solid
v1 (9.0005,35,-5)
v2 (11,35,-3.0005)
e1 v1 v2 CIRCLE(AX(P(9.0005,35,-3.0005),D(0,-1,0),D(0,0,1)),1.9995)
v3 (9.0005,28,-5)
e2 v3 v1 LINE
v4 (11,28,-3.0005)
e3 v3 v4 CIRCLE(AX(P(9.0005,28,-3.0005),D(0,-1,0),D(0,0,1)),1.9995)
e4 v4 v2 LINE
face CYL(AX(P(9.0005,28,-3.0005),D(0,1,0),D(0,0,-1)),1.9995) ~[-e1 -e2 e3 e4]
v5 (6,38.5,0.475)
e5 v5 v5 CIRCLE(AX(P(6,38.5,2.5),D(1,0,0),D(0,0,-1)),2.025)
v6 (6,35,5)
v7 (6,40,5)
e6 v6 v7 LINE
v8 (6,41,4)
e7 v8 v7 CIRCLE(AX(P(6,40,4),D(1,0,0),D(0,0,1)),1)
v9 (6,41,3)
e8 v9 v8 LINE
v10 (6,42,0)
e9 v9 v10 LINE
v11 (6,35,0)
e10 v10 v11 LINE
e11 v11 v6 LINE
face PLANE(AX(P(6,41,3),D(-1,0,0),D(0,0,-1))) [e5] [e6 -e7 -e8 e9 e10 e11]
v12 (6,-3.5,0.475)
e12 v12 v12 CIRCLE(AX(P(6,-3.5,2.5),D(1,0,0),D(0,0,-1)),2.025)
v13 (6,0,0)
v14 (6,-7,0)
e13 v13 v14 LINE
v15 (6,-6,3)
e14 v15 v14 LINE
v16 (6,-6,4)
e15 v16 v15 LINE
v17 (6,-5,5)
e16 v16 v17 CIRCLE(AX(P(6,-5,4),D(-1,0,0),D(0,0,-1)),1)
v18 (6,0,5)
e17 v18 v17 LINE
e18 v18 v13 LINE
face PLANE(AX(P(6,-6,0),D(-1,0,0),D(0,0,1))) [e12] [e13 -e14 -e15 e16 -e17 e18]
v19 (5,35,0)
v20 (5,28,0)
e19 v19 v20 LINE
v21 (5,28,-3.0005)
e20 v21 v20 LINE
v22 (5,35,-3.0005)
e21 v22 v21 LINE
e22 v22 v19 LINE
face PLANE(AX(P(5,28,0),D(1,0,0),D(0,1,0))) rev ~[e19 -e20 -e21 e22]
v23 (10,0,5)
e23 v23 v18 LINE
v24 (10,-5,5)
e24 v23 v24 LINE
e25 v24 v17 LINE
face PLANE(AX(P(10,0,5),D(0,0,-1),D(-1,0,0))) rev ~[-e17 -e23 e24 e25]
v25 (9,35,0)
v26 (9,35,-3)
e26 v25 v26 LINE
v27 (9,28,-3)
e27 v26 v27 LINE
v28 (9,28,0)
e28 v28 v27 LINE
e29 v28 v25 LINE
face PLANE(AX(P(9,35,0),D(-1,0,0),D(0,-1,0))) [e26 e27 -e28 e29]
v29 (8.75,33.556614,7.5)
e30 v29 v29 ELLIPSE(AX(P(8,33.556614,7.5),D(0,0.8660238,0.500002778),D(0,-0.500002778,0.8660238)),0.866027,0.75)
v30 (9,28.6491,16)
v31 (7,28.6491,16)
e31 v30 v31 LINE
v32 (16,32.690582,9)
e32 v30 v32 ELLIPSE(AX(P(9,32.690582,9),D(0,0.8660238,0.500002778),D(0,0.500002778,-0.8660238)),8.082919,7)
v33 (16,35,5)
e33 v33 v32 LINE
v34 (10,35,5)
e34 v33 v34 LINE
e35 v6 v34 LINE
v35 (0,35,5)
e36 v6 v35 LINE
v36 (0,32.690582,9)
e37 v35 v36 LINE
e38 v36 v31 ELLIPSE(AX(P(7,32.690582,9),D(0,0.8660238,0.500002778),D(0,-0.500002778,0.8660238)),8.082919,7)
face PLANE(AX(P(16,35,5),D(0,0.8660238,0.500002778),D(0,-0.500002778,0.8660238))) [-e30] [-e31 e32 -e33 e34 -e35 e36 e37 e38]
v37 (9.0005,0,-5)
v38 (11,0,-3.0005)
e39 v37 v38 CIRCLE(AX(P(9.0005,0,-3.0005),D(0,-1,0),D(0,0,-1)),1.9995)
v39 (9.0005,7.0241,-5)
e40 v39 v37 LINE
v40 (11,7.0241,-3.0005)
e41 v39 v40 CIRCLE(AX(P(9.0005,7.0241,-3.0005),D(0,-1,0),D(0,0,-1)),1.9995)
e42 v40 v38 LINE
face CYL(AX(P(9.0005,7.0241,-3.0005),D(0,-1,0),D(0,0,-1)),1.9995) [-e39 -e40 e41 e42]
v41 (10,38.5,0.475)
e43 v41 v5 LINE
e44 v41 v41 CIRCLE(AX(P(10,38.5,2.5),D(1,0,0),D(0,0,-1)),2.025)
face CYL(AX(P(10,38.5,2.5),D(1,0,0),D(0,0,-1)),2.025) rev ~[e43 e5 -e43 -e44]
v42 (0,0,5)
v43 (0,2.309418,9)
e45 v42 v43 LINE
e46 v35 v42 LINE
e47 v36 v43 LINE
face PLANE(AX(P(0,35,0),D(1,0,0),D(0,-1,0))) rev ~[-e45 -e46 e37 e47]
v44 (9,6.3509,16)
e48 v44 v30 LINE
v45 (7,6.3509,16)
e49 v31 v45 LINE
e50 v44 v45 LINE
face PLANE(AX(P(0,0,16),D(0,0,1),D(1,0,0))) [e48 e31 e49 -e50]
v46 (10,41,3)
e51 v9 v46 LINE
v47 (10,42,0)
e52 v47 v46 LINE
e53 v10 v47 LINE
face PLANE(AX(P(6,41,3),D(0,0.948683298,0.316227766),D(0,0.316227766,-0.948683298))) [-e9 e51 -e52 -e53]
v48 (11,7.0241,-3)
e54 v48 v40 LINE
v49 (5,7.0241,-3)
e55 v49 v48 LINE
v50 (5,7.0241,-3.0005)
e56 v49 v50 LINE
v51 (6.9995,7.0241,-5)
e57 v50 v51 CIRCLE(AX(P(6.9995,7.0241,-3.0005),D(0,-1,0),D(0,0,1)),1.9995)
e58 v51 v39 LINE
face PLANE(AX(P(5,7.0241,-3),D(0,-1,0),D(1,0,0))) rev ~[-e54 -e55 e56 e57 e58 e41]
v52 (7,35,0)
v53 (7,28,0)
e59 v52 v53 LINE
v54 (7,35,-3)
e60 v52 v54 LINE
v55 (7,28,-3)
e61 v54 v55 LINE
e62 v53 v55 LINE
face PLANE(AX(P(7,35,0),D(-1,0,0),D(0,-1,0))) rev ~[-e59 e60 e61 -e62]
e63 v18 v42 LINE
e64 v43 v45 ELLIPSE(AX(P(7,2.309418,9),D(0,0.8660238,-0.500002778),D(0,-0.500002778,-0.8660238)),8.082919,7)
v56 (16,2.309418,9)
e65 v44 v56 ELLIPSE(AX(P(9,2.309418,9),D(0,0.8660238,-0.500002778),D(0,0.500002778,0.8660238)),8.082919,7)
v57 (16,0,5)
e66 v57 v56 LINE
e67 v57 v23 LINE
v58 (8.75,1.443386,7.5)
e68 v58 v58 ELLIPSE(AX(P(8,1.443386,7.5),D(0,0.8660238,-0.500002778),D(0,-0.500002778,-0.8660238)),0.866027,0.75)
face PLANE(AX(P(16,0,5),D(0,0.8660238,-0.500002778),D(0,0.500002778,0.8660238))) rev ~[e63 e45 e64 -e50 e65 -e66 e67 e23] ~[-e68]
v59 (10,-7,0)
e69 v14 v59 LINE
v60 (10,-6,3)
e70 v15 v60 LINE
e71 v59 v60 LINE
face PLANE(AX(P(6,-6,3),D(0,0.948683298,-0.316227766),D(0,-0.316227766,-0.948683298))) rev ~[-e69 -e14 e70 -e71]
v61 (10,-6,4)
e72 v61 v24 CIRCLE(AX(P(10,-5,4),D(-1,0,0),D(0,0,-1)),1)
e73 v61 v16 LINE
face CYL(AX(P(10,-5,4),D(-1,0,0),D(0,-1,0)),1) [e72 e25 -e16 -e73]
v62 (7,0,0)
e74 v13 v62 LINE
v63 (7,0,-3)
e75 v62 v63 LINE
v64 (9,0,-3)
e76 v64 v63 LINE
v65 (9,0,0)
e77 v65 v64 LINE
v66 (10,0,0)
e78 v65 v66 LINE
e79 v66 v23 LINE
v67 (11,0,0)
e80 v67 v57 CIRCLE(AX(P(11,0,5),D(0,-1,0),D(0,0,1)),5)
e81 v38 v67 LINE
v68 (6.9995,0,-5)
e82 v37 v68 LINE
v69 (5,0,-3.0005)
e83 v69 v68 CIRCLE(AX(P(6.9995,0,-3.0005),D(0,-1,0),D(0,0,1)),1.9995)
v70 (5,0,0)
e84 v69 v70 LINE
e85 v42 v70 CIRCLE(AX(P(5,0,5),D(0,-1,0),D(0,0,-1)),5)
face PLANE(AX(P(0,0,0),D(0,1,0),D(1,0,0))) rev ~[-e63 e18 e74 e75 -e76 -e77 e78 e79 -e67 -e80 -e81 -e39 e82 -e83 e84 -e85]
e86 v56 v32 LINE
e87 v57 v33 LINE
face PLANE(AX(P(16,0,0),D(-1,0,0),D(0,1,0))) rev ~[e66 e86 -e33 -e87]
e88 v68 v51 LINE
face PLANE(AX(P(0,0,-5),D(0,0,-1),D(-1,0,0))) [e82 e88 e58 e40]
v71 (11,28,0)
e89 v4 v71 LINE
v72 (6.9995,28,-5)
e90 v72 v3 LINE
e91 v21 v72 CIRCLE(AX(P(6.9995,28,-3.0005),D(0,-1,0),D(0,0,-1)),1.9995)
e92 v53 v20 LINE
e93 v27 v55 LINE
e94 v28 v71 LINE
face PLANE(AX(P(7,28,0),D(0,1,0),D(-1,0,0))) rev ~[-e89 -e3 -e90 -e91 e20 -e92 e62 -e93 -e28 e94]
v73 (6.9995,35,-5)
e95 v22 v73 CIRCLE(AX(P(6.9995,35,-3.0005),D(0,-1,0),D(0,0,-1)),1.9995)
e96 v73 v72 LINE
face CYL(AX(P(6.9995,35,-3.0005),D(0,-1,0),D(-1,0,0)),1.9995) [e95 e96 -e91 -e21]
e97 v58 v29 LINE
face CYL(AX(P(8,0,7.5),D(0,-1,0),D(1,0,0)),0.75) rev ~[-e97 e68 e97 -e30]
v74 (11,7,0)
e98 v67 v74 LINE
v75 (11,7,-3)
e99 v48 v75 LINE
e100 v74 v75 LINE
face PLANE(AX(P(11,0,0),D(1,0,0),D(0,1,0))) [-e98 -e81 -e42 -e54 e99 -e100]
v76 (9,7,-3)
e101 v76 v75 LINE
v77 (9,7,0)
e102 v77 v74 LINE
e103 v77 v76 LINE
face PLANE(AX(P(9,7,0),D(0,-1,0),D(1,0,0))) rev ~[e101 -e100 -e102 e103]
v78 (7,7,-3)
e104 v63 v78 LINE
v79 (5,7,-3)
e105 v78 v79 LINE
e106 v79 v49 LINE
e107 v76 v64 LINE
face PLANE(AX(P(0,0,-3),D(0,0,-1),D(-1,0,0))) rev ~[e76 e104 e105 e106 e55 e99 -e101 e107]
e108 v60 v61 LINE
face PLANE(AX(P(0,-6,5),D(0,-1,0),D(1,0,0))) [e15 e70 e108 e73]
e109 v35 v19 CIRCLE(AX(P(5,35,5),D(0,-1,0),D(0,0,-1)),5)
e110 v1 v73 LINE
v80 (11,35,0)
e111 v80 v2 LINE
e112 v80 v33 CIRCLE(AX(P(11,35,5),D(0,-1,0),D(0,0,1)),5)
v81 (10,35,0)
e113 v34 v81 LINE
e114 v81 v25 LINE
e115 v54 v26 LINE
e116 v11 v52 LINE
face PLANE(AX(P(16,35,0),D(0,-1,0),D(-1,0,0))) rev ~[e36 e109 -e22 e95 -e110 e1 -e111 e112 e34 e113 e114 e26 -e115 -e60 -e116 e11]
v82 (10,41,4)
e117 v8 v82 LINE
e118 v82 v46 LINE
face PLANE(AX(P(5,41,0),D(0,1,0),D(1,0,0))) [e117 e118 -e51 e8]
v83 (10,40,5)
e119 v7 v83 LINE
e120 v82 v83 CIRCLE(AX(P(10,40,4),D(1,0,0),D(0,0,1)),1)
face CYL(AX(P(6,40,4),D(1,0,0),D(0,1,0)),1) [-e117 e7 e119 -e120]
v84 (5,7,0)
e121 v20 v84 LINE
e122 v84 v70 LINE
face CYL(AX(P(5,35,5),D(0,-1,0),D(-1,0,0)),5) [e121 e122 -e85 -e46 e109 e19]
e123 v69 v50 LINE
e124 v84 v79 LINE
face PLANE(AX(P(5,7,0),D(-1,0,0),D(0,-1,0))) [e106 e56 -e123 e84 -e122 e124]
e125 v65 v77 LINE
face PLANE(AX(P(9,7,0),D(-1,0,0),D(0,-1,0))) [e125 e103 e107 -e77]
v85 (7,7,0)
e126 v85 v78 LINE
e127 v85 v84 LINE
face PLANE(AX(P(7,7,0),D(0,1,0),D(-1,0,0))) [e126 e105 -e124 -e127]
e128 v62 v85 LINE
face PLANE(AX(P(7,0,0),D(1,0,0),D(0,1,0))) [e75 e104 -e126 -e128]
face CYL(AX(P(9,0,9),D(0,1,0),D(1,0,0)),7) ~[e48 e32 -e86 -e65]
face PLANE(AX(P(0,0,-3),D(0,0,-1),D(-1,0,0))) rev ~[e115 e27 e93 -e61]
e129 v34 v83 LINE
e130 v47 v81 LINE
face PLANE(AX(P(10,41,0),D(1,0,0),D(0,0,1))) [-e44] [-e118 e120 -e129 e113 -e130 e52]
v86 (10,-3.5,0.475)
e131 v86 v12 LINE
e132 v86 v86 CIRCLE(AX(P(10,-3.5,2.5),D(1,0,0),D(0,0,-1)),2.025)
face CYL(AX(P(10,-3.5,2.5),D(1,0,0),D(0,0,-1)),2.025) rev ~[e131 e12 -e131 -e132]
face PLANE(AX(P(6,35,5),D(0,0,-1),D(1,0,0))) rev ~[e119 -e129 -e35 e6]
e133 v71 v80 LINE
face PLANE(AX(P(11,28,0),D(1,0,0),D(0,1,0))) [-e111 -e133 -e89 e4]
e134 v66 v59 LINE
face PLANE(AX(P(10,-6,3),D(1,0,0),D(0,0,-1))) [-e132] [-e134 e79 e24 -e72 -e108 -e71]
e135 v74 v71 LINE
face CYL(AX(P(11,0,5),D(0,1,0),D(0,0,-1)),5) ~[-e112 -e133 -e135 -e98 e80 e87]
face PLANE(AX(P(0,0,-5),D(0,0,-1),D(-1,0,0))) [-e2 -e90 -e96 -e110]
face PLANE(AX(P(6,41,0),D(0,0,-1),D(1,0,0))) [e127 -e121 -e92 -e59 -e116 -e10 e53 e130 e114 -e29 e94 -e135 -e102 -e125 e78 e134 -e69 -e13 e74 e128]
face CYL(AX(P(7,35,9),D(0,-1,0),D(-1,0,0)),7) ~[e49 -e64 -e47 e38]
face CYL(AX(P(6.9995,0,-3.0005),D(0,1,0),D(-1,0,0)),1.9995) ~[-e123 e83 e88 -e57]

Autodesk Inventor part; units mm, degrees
ref_plane "YZ Plane" through (0, 0, 0) normal (1, 0, 0) x (0, 1, 0)
ref_plane "XZ Plane" through (0, 0, 0) normal (0, 1, 0) x (-1, 0, 0)
ref_plane "XY Plane" through (0, 0, 0) normal (0, 0, 1) x (1, 0, 0)
sketch "Sketch3" plane through (0, 0, 0) normal (0, 0, 1) x (1, 0, 0)
  line L0 (0, 0) -> (16, 0)
  line L1 (16, 0) -> (16, 35)
  line L2 (16, 35) -> (0, 35)
  line L3 (0, 35) -> (0, 0)
  dimension "d0" = 16
  dimension "d1" = 35
extrude "Extrusion1" add sketch "Sketch3" along normal blind 16
fillet "Fillet1" radius 7 2 edges at (16, 17.5, 16) (0, 17.5, 16)
fillet "Fillet2" radius 5 2 edges at (16, 17.5, 0) (0, 17.5, 0)
sketch "Sketch4" plane through (16, 0, 9) normal (1, 0, 0) x (0, 0, -1)
  line L0 (4, 35) -> (0, 35) projected
  line L1 (4, 35) -> (-7, 28.6491)
  line L2 (-7, 35) -> (-7, 0) projected
  line L3 (4, 35) -> (16.7017, 35) construction
  line L4 (-7, 28.6491) -> (-7, 35)
  line L5 (-7, 35) -> (4, 35)
  line L6 (4, 0) -> (0, 0) projected
  line L7 (4, 0) -> (-7, 6.3509)
  line L8 (4, 0) -> (16.7017, 0) construction
  line L9 (-7, 6.3509) -> (-7, 0)
  line L10 (-7, 0) -> (4, 0)
  point P0 (9, 0)
  point P1 (-7, 0)
  point P2 (0, 0)
  dimension "d6" = 150
  dimension "d7" = 150
extrude "Extrusion2" cut sketch "Sketch4" against normal through all
sketch "Sketch5" plane through (5, 35, 0) normal (0, 1, 0) x (1, 0, 0)
  line L0 (-5, -9) -> (-5, -5) projected
  line L1 (0, 0) -> (6, 0) projected
  line L2 (5, 0) -> (1, 0)
  line L3 (1, 0) -> (1, -5)
  line L4 (1, -5) -> (5, -5)
  line L5 (5, -5) -> (5, 0)
  line L6 (1, 0) -> (5, 0)
  point P0 (-5, 0)
  dimension "d47" = 4
extrude "Extrusion3" add sketch "Sketch5" along normal blind 6
sketch "Sketch11" plane through (0, 0, 0) normal (0, 0, -1) x (-1, 0, 0)
  line L0 (-11, 0) -> (-11, 35) projected
  line L1 (-9, 28.6491) -> (-9, 6.3509) projected
  line L2 (-11, 0) -> (-9, 0)
  line L3 (-9, 0) -> (-9, 7)
  line L4 (-9, 7) -> (-11, 7)
  line L5 (-11, 7) -> (-11, 0)
  line L6 (-5, 0) -> (-7, 0)
  line L7 (-7, 0) -> (-7, 7)
  line L8 (-7, 7) -> (-5, 7)
  line L9 (-5, 7) -> (-5, 0)
  line L10 (-11, 35) -> (-9, 35)
  line L11 (-9, 35) -> (-9, 28)
  line L12 (-9, 28) -> (-11, 28)
  line L13 (-11, 28) -> (-11, 35)
  line L14 (-5, 35) -> (-7, 35)
  line L15 (-7, 35) -> (-7, 28)
  line L16 (-7, 28) -> (-5, 28)
  line L17 (-5, 28) -> (-5, 35)
  point P0 (0, 0)
  point P1 (-9, 6.3509)
  point P2 (-11, 28)
  dimension "d32" = 7
  dimension "d33" = 2
  dimension "d34" = 7
  dimension "d35" = 7
  dimension "d36" = 7
extrude "Extrusion9" add sketch "Sketch11" along normal blind 3 contours L0 L4 L1 L3 L2 | L0 L10 L11 L1 L12 | L6 L7 L8 L9 | L17 L16 L15 L14
sketch "Sketch12" plane through (0, 0, -3) normal (0, 0, -1) x (-1, 0, 0)
  line L0 (-9, 35) -> (-11, 35) projected
  line L1 (-5, 28) -> (-7, 28) projected
  line L2 (-11, 35) -> (-5, 35)
  line L3 (-5, 35) -> (-5, 28)
  line L4 (-5, 28) -> (-11, 28)
  line L5 (-11, 28) -> (-11, 35)
  line L6 (-11, 0) -> (-16, 0) projected
  line L7 (-11, 0) -> (-5, 0)
  line L8 (-5, 0) -> (-5, 7.0241)
  line L9 (-5, 7.0241) -> (-11, 7.0241)
  line L10 (-11, 7.0241) -> (-11, 0)
  point P0 (0, 0)
  point P1 (-5, -5)
  point P2 (-11, 2)
extrude "Extrusion10" add sketch "Sketch12" along normal blind 2
sketch "Sketch13" plane through (0, 0, 5) normal (0, -1, 0) x (1, 0, 0)
  circle A0 centre (8, 2.5) radius 0.75
  point P0 (0, -5)
  dimension "d42" = 1.5
extrude "Extrusion11" cut sketch "Sketch13" against normal through all
fillet "Fillet4" radius 2 4 edges at (11, 31.5, -5) (5, 31.5, -5) (5, 3.5121, -5) (11, 3.5121, -5)
sketch "Sketch14" plane through (10, 35, 5) normal (1, 0, 0) x (0, 0, -1)
  circle A0 centre (2.5, 3.5) radius 2.025
  line L0 (0, 6) -> (5, 6) projected
  point P0 (5, -35)
  dimension "d48" = 4.05
  dimension "d59" = 2.5
extrude "Extrusion12" cut sketch "Sketch14" against normal blind 5
sketch "Sketch15" plane through (0, 0, 5) normal (0, -1, 0) x (1, 0, 0)
  line L0 (10, -5) -> (10, 0) projected
  line L1 (10, 0) -> (6, 0)
  line L2 (6, 0) -> (6, -5)
  line L3 (6, -5) -> (10, -5)
  line L4 (10, -5) -> (10, 0)
  point P0 (0, -5)
  point P1 (10, -0.475)
  point P2 (6, -0.475)
  dimension "d60" = 5
  dimension "d61" = 4
extrude "Extrusion13" add sketch "Sketch15" along normal blind 6
sketch "Sketch16" plane through (10, 0, 5) normal (1, 0, 0) x (0, 0, -1)
  circle A0 centre (2.5, -3.5) radius 2.025
  line L0 (5, -6) -> (0, -6) projected
  point P0 (5, 0)
  dimension "d54" = 4.05
  dimension "d58" = 2.5
extrude "Extrusion14" cut sketch "Sketch16" against normal blind 5
fillet "Fillet7" radius 1 1 edges at (8, -6, 5)
sketch "Sketch17" plane through (0, -6, 5) normal (0, -1, 0) x (1, 0, 0)
  line L0 (6, -5) -> (10, -5) projected
  line L1 (6, -4.525) -> (6, -0.475) projected
  line L2 (10, -5) -> (6, -5)
  line L3 (6, -5) -> (6, -2)
  line L4 (6, -2) -> (10, -2)
  line L5 (10, -2) -> (10, -5)
  point P0 (0, -5)
  dimension "d63" = 3
extrude "Extrusion15" add sketch "Sketch17" along normal blind 1
fillet "Fillet8" radius 1 1 edges at (8, 41, 5)
sketch "Sketch18" plane through (5, 41, 0) normal (0, 1, 0) x (1, 0, 0)
  line L0 (1, -3) -> (5, -3) projected
  line L1 (1, -5) -> (1, 0) projected
  line L2 (5, -3) -> (1, -3)
  line L3 (1, -3) -> (1, 0)
  line L4 (1, 0) -> (5, 0)
  line L5 (5, 0) -> (5, -3)
  point P0 (-5, 0)
extrude "Extrusion16" add sketch "Sketch18" along normal blind 1
sketch "Sketch19" plane through (6, 0, 0) normal (-1, 0, 0) x (0, 0, 1)
  line L0 (3, -6) -> (3, -7) projected
  line L1 (0, 0) -> (0, -7) projected
  line L2 (3, -6) -> (0, -7)
  line L3 (0, -7) -> (3, -7)
  line L4 (3, -7) -> (3, -6)
extrude "Extrusion17" cut sketch "Sketch19" against normal through all
sketch "Sketch20" plane through (6, 35, 0) normal (-1, 0, 0) x (0, 0, 1)
  line L0 (4, 6) -> (3, 6) projected
  line L1 (0, 0) -> (0, 7) projected
  line L2 (3, 6) -> (0, 7)
  line L3 (0, 7) -> (3, 7)
  line L4 (3, 7) -> (3, 6)
  point P0 (0, -35)
extrude "Extrusion18" cut sketch "Sketch20" against normal through all
properties part number "FingerMiddle"
